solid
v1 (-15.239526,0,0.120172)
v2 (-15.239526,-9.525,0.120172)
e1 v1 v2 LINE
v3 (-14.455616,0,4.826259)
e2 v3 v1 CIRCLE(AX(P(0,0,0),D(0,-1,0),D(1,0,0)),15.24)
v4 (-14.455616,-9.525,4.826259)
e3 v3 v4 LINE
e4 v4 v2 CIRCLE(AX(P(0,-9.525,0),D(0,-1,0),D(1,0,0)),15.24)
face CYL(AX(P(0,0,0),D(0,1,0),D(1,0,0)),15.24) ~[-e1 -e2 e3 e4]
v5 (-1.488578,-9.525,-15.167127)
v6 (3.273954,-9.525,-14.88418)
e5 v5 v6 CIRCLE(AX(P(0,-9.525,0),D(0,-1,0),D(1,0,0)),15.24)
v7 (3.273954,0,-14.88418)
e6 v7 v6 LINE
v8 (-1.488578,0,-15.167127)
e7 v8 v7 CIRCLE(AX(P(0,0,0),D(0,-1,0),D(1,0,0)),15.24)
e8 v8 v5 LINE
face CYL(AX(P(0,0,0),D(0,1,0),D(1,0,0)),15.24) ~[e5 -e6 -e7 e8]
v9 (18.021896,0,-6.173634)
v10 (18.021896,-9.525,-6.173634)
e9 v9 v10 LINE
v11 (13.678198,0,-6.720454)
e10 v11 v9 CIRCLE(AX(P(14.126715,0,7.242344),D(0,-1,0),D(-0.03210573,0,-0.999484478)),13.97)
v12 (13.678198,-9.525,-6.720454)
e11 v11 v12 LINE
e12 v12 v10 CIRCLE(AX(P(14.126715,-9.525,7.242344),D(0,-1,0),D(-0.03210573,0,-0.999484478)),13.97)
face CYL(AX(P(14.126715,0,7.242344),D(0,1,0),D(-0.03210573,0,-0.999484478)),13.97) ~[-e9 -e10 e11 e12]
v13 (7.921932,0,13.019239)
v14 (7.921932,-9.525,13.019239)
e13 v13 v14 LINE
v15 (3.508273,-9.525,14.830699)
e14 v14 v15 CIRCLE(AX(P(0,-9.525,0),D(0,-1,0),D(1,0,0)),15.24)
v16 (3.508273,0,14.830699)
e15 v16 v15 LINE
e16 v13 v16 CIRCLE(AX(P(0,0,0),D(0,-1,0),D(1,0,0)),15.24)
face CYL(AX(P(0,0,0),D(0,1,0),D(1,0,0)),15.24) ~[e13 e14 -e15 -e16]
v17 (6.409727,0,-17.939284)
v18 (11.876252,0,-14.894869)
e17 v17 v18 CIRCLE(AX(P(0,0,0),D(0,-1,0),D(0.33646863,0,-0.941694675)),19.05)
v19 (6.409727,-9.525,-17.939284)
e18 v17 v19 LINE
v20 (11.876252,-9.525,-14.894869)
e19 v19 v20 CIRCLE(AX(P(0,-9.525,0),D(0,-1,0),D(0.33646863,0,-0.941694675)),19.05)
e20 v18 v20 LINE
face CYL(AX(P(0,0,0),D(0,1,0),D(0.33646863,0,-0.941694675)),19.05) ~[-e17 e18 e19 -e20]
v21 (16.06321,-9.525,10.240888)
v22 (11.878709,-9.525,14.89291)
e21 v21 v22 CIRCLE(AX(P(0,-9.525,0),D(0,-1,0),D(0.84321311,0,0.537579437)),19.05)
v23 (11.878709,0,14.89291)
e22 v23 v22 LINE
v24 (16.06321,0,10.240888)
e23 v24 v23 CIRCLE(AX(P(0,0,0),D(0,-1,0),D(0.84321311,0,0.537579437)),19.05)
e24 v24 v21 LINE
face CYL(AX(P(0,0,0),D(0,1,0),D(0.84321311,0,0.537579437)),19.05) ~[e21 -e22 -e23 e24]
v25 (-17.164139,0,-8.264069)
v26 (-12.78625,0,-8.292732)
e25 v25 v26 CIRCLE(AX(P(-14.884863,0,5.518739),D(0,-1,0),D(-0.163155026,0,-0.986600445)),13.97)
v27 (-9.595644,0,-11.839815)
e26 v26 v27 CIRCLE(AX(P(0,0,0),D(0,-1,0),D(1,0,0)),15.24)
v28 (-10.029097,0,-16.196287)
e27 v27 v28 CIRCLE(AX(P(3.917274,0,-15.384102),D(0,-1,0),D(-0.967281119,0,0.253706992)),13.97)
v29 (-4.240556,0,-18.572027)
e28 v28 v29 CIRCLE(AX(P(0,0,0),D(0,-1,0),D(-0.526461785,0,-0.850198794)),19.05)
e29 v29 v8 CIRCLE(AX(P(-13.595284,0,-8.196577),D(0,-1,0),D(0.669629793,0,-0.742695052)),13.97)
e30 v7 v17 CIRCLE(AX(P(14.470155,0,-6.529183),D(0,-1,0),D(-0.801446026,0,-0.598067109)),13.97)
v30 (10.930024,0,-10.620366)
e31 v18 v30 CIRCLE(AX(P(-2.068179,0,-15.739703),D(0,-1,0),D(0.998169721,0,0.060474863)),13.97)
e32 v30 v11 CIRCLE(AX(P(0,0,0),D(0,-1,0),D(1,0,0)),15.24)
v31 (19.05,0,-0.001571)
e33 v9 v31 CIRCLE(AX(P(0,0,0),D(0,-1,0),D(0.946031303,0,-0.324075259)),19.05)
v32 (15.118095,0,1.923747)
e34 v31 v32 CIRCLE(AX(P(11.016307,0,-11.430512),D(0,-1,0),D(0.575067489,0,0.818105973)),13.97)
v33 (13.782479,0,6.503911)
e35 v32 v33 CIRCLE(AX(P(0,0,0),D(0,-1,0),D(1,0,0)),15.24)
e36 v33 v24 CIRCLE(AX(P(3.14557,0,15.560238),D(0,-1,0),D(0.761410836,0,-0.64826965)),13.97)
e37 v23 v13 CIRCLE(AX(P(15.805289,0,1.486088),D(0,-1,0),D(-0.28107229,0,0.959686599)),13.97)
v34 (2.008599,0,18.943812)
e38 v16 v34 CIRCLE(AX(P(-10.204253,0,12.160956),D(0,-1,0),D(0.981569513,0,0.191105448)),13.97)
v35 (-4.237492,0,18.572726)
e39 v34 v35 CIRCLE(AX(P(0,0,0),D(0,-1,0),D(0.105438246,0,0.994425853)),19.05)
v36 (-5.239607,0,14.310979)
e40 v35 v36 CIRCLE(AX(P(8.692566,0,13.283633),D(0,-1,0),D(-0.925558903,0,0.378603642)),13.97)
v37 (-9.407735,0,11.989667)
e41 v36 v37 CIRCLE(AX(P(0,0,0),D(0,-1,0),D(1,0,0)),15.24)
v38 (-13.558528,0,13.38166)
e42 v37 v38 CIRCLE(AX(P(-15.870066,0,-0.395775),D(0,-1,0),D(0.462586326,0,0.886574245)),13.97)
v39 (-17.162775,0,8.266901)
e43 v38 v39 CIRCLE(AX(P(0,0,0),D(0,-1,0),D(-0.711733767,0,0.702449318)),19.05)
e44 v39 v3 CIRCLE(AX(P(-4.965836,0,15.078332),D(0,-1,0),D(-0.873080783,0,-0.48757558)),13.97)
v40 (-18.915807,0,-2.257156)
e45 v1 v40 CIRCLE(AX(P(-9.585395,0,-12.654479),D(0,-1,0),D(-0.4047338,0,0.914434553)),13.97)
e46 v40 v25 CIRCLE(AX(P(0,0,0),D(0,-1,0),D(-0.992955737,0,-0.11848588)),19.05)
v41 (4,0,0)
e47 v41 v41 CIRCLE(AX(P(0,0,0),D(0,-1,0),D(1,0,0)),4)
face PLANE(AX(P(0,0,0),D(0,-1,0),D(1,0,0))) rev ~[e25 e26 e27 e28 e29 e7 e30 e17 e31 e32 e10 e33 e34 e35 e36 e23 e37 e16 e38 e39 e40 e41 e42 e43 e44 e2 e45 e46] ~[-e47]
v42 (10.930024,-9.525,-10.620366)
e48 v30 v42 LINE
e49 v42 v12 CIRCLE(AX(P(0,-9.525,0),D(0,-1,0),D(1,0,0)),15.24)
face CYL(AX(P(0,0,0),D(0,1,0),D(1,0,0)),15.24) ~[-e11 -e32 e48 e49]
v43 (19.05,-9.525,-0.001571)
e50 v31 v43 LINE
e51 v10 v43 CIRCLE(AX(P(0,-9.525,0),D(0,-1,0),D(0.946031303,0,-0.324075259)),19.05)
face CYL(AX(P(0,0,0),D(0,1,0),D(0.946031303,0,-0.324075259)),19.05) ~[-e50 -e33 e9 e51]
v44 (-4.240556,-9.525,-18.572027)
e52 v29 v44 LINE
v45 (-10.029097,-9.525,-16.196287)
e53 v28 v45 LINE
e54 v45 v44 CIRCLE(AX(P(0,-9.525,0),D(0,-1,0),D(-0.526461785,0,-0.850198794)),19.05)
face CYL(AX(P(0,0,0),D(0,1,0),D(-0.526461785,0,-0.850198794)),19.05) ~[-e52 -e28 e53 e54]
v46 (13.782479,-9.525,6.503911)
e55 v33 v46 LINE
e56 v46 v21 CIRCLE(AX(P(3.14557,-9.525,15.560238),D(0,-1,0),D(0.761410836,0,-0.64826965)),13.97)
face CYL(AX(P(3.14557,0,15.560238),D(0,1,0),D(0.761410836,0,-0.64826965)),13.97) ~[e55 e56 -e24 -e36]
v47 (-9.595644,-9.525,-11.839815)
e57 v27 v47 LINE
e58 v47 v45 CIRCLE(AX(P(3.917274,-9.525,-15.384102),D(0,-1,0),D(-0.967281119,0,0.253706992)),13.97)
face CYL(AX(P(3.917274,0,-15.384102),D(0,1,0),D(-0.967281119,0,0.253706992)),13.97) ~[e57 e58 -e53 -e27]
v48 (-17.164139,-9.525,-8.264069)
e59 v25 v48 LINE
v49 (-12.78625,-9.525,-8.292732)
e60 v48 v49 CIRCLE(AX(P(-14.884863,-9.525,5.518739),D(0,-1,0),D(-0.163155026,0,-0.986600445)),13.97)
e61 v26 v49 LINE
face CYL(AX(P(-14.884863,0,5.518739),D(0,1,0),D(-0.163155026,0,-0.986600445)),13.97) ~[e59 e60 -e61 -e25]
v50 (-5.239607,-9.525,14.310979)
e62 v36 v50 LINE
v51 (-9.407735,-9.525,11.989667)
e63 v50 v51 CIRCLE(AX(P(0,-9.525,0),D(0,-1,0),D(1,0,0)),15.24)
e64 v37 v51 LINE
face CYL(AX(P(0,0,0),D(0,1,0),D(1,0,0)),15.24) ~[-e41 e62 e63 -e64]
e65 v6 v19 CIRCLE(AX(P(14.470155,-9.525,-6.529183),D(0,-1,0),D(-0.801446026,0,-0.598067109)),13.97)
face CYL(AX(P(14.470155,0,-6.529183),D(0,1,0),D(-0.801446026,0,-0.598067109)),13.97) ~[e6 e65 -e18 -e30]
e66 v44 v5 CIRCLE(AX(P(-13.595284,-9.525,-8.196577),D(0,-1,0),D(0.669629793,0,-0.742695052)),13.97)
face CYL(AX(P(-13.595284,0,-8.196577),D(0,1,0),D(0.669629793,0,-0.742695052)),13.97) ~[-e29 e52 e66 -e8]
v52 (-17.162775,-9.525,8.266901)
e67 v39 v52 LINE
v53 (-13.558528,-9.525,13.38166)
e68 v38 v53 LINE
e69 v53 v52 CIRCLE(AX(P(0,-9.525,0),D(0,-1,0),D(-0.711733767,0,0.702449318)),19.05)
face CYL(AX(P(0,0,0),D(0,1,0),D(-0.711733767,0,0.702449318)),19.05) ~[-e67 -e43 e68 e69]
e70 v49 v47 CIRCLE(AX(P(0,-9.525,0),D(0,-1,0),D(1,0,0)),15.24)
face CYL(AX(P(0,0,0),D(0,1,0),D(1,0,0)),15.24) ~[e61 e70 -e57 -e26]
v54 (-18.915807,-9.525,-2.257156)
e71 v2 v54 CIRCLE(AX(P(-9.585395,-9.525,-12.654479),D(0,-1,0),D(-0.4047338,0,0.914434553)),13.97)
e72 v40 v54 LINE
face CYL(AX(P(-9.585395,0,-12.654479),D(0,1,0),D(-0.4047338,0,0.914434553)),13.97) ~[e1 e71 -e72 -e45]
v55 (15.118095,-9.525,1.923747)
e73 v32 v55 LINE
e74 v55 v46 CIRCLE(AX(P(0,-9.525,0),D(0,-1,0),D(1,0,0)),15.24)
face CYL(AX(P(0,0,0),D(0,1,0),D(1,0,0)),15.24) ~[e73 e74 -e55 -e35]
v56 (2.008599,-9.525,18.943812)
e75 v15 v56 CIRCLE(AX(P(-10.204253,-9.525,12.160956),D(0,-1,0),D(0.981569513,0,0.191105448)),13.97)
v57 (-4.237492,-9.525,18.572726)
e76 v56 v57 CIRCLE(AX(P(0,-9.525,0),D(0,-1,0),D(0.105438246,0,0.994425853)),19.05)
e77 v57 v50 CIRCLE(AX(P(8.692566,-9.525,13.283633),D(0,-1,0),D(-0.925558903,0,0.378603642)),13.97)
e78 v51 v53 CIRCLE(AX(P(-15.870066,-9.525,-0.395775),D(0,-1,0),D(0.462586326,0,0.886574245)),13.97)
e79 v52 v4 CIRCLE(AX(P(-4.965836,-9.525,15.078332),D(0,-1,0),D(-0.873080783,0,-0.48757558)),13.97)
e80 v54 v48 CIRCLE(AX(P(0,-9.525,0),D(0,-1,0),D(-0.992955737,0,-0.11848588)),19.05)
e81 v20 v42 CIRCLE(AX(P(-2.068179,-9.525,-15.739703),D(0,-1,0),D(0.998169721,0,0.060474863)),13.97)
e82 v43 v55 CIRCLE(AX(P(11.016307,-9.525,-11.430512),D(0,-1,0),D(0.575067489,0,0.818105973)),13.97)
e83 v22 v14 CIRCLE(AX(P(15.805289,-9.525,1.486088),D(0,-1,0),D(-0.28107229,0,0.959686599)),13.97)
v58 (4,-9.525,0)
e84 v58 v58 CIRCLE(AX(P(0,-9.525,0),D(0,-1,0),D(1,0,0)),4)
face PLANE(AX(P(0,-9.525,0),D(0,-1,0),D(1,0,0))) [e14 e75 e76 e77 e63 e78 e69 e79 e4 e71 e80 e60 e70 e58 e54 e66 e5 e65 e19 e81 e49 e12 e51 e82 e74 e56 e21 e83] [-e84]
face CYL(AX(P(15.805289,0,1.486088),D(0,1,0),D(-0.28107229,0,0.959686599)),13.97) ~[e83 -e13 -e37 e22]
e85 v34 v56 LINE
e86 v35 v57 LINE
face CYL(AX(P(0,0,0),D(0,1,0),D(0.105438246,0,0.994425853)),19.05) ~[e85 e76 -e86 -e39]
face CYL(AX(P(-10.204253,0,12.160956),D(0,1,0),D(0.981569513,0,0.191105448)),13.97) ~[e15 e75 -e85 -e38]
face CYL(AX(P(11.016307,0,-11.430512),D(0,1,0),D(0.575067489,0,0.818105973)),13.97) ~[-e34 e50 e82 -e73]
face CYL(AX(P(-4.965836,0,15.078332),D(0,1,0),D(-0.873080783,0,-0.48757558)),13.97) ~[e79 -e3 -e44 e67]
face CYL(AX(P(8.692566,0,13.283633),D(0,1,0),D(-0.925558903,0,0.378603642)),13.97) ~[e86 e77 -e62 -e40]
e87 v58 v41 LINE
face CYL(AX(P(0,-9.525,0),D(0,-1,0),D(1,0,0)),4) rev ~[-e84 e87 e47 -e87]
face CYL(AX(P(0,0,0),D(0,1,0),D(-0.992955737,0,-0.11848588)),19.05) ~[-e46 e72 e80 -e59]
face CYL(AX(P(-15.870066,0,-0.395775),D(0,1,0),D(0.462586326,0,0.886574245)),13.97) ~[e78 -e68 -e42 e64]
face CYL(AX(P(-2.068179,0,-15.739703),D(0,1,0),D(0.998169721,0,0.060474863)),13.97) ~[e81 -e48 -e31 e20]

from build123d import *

# Parameters (mm, degrees)
F1_DEPTH = 9.525
F2_COUNT = 7
F3_R     = 15.24
F4_DEPTH = 9.525
F5_R     = 4
F6_DEPTH = 9.526


with BuildPart() as f1:
    # F0 (on Front) → F1 (new body)
    with BuildSketch(Plane.XZ):
        with BuildLine():
            ThreePointArc((-5.2396074411, 14.3109787878), (-0.9038291333, 15.2131749776), (3.5082727862, 14.8306986369))
            ThreePointArc((3.5082727862, 14.8306986369), (2.9205603088, 16.9463674955), (2.0085985954, 18.9438124907))
            ThreePointArc((2.0085985954, 18.9438124907), (-1.1297864166, 19.0164687219), (-4.2374916987, 18.5727263509))
            ThreePointArc((-4.2374916987, 18.5727263509), (-4.9065328108, 16.4813524805), (-5.2396074411, 14.3109787878))
        make_face()
    extrude(amount=F1_DEPTH)


with BuildPart() as f2_1:
    # F2: instance of F1
    add(f1.part.rotate(Axis((0, 0, 0), (0, -1, 0)), 1 * 360 / F2_COUNT))


with BuildPart() as f2_2:
    # F2: instance of F1
    add(f1.part.rotate(Axis((0, 0, 0), (0, -1, 0)), 2 * 360 / F2_COUNT))


with BuildPart() as f2_3:
    # F2: instance of F1
    add(f1.part.rotate(Axis((0, 0, 0), (0, -1, 0)), 3 * 360 / F2_COUNT))


with BuildPart() as f2_4:
    # F2: instance of F1
    add(f1.part.rotate(Axis((0, 0, 0), (0, -1, 0)), 4 * 360 / F2_COUNT))


with BuildPart() as f2_5:
    # F2: instance of F1
    add(f1.part.rotate(Axis((0, 0, 0), (0, -1, 0)), 5 * 360 / F2_COUNT))


with BuildPart() as f2_6:
    # F2: instance of F1
    add(f1.part.rotate(Axis((0, 0, 0), (0, -1, 0)), 6 * 360 / F2_COUNT))


with BuildPart() as f1_1:
    add(f1.part)

    add(f2_1.part)  # F4 merges F2_1

    add(f2_2.part)  # F4 merges F2_2

    add(f2_3.part)  # F4 merges F2_3

    add(f2_4.part)  # F4 merges F2_4

    add(f2_5.part)  # F4 merges F2_5

    add(f2_6.part)  # F4 merges F2_6
    # F3 (on Front) → F4 (join, through all)
    with BuildSketch(Plane.XZ):
        Circle(F3_R)
    extrude(amount=F4_DEPTH)

    # F5 (on face) → F6 (cut, through all)
    with BuildSketch(Plane.XZ.offset(9.525)):
        Circle(F5_R)
    extrude(amount=-F6_DEPTH, mode=Mode.SUBTRACT)


solid = f1_1.part
